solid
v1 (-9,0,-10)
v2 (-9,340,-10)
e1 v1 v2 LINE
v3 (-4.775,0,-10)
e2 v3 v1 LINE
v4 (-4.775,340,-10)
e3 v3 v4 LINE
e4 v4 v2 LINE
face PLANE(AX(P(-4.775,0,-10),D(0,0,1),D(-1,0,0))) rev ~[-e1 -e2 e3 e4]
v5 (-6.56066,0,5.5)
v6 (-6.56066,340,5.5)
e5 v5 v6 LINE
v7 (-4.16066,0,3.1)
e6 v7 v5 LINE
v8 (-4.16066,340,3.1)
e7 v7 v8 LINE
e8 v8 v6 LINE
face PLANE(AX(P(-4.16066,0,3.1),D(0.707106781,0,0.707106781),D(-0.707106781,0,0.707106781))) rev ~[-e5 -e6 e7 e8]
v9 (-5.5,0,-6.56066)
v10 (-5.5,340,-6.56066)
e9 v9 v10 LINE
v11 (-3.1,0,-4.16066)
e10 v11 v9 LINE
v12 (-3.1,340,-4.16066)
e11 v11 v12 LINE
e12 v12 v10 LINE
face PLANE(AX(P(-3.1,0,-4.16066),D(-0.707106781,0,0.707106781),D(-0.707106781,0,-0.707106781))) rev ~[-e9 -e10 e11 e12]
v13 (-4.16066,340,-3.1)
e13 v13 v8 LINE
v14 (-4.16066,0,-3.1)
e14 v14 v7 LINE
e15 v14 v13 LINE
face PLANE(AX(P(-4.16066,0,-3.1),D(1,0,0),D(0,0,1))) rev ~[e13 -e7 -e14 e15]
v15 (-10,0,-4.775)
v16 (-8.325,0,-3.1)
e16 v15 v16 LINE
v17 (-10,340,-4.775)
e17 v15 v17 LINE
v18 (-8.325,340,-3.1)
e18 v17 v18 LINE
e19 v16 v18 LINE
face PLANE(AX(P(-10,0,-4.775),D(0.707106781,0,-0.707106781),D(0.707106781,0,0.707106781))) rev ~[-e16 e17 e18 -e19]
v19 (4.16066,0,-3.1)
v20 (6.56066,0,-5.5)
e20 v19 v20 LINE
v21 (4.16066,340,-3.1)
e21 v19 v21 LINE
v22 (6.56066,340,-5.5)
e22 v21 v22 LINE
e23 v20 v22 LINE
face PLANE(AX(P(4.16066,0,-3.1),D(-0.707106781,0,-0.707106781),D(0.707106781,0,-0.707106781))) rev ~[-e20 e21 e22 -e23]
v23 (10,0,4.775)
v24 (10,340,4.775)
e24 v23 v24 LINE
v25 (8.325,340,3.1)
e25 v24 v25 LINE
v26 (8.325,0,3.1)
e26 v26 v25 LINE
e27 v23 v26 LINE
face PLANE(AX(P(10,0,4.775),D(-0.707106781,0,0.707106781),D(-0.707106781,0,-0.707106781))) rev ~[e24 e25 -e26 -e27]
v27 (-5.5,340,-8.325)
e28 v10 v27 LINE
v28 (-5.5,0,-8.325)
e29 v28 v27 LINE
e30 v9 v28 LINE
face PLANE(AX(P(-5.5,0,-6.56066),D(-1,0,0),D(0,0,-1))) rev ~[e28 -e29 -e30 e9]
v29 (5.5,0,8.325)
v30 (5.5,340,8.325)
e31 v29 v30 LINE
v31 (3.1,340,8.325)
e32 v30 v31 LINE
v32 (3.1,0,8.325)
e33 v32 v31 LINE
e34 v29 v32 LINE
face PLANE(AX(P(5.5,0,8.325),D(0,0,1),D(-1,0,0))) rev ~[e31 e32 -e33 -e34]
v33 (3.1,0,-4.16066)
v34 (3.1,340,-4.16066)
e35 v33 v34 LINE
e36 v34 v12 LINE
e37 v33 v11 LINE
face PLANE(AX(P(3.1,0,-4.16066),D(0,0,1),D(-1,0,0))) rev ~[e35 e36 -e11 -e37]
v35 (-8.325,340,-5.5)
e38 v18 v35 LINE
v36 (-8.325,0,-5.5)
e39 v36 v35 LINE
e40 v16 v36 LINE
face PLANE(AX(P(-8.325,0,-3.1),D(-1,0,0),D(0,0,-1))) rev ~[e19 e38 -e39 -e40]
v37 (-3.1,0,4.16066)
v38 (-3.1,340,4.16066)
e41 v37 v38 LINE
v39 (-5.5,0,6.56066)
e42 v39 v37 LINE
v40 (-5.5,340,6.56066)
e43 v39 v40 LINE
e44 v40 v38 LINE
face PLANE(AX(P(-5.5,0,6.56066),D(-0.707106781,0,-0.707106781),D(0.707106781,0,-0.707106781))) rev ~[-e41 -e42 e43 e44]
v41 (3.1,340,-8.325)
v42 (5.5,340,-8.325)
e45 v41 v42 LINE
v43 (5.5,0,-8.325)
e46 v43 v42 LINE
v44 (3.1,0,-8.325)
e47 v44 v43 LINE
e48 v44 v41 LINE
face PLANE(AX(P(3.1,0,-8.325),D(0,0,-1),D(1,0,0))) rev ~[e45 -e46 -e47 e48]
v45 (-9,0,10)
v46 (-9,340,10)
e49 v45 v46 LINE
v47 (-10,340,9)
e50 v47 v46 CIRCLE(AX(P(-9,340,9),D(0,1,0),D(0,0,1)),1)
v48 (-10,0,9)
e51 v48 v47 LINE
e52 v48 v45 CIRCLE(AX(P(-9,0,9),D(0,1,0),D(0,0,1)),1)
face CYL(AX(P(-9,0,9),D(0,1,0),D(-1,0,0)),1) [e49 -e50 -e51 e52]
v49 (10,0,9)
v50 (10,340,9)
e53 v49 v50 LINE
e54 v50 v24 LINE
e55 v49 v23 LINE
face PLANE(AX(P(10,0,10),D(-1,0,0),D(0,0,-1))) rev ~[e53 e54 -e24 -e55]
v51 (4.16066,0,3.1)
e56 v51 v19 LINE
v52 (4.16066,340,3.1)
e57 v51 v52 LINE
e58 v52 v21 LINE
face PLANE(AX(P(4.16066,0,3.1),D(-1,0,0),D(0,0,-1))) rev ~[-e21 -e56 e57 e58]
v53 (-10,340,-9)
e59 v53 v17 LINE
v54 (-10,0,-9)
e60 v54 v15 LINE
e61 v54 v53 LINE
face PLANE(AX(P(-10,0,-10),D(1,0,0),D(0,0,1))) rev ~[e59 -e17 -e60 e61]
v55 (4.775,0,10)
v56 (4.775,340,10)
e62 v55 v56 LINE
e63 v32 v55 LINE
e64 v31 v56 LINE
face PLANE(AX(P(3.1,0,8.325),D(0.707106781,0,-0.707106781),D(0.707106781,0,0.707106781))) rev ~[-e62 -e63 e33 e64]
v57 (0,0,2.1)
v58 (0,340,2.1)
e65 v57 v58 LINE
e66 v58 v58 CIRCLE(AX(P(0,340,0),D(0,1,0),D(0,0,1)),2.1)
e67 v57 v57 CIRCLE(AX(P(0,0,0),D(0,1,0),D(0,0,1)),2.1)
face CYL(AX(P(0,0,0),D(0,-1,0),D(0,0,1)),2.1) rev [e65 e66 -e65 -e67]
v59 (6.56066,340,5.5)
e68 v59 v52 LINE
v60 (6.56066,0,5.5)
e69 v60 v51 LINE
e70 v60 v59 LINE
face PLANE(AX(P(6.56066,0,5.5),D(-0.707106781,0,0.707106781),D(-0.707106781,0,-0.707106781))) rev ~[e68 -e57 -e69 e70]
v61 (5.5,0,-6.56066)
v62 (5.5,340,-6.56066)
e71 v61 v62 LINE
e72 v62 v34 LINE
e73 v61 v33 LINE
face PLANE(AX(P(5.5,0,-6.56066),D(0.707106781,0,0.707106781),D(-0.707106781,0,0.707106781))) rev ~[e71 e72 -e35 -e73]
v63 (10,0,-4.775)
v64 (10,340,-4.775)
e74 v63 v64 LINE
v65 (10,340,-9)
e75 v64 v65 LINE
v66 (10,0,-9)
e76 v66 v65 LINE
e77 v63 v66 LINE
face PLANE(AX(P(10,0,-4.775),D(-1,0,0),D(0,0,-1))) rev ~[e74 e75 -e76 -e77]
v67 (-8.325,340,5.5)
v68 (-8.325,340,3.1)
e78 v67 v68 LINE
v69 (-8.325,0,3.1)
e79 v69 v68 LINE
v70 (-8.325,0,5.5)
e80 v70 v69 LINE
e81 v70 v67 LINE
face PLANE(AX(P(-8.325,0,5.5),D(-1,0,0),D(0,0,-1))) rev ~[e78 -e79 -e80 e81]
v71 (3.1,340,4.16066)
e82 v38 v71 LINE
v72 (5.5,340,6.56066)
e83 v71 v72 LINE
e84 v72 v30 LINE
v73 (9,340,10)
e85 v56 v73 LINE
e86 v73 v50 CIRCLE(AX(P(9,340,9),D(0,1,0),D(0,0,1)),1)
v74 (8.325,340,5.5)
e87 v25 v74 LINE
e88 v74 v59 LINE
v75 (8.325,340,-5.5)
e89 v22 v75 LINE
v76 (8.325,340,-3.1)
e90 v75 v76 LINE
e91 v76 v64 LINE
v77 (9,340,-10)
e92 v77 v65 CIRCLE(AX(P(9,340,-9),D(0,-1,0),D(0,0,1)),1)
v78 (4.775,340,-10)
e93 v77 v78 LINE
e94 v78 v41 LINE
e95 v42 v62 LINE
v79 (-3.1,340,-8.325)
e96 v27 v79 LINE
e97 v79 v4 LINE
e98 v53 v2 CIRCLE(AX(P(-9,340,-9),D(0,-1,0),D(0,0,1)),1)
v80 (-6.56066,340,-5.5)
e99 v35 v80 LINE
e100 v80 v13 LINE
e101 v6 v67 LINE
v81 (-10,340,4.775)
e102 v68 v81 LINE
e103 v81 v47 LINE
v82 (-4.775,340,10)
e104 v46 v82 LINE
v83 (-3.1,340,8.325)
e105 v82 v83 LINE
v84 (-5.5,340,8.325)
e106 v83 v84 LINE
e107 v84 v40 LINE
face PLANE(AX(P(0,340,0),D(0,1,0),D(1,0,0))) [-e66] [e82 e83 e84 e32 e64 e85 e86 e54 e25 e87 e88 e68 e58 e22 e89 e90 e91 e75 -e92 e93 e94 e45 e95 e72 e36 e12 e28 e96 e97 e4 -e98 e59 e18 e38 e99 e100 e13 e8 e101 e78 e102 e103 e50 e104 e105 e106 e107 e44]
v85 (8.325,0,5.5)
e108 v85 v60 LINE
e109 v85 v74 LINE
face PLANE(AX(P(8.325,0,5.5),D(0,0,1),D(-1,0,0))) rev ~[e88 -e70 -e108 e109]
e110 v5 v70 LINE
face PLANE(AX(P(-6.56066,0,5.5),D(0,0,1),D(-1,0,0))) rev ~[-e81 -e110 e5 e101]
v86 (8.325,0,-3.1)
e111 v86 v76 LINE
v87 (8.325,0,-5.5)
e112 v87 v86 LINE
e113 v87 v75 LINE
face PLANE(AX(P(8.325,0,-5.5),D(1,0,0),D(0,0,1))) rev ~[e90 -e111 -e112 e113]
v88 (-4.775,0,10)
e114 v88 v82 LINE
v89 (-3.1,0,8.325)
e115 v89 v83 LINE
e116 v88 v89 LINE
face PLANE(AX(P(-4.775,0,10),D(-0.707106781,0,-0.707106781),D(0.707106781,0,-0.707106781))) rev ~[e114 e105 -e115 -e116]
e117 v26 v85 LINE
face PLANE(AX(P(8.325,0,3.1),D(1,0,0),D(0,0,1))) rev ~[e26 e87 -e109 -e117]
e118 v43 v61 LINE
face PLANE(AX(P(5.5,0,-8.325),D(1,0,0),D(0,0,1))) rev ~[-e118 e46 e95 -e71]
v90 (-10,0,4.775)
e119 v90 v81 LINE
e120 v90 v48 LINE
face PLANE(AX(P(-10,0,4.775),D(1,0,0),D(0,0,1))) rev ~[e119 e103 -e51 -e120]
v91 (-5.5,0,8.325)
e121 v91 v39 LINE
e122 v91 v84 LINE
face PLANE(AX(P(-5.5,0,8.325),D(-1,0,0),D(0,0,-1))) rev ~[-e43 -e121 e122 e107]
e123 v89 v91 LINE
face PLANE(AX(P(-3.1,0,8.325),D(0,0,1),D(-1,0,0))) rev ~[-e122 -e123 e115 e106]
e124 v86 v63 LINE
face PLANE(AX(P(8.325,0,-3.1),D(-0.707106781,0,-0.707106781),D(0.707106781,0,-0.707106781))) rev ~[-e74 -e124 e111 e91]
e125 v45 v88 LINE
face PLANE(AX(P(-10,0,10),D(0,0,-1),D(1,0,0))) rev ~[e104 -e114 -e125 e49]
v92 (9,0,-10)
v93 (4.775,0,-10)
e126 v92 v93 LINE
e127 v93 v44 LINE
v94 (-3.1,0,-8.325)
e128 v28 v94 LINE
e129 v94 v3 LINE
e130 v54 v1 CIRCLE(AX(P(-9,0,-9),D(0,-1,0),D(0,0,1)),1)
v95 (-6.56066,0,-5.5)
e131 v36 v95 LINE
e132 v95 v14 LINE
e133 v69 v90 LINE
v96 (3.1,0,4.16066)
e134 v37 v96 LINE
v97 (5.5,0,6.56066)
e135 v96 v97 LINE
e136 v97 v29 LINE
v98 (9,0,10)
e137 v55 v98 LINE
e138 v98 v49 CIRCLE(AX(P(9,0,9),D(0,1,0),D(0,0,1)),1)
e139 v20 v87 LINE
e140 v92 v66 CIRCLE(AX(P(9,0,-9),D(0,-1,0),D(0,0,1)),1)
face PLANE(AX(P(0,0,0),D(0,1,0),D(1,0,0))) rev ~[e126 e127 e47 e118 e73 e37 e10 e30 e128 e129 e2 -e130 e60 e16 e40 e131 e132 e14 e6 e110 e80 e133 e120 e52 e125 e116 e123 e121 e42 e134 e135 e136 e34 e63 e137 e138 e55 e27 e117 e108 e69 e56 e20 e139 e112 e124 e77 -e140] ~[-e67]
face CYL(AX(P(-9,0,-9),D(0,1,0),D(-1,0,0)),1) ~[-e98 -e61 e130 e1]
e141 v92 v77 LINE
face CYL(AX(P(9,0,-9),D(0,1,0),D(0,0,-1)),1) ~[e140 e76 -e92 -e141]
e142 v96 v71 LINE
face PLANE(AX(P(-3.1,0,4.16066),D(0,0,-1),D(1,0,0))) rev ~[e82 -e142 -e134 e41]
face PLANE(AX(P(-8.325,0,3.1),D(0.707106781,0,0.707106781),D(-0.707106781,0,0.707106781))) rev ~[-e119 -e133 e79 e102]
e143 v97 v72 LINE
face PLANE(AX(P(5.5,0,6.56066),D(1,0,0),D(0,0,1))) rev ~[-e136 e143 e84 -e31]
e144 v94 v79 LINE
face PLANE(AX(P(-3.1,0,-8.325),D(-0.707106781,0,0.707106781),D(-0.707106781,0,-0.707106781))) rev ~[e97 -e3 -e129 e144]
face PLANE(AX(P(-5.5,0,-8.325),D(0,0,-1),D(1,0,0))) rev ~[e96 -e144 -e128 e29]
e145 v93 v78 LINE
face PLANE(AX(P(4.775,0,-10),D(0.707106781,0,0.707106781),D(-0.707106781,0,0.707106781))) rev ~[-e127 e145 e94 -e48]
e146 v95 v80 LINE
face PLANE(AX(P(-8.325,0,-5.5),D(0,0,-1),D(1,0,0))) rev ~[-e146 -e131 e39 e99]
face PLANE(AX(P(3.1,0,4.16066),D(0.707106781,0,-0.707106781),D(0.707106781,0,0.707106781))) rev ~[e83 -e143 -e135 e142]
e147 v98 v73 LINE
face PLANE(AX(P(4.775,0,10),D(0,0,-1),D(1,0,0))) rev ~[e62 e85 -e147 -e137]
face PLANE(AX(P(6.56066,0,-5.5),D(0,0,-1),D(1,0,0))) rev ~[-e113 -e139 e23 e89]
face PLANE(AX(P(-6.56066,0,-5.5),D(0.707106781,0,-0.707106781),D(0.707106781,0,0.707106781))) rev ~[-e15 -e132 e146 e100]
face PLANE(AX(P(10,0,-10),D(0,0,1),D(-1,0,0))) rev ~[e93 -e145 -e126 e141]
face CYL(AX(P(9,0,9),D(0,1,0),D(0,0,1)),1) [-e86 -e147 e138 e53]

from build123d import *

# Parameters (mm, degrees)
MASTERLAYOUTSKETCH_R = 2.1
MAIN_EXTRUSION_DEPTH = 340
EDGE_FILLETS_R       = 1


with BuildPart() as part:
    # MasterLayoutSketch → Main Extrusion (new body)
    with BuildSketch(Plane(origin=(0, 0, 0), x_dir=(1, 0, 0), z_dir=(0, 1, 0))):
        Polygon((-8.325, 3.1), (-8.325, 5.5), (-6.560660172, 5.5), (-4.160660172, 3.1), (-4.160660172, -3.1), (-6.560660172, -5.5), (-8.325, -5.5), (-8.325, -3.1), (-10, -4.775), (-10, -10), (-4.775, -10), (-3.1, -8.325), (-5.5, -8.325), (-5.5, -6.560660172), (-3.1, -4.160660172), (3.1, -4.160660172), (5.5, -6.560660172), (5.5, -8.325), (3.1, -8.325), (4.775, -10), (10, -10), (10, -4.775), (8.325, -3.1), (8.325, -5.5), (6.560660172, -5.5), (4.160660172, -3.1), (4.160660172, 3.1), (6.560660172, 5.5), (8.325, 5.5), (8.325, 3.1), (10, 4.775), (10, 10), (4.775, 10), (3.1, 8.325), (5.5, 8.325), (5.5, 6.560660172), (3.1, 4.160660172), (-3.1, 4.160660172), (-5.5, 6.560660172), (-5.5, 8.325), (-3.1, 8.325), (-4.775, 10), (-10, 10), (-10, 4.775), align=None)
        with Locations(Location((0, 0, 0), (0, 0, 270))):
            Circle(MASTERLAYOUTSKETCH_R, mode=Mode.SUBTRACT)
    extrude(amount=MAIN_EXTRUSION_DEPTH)

    # Edge Fillets
    edge_fillets_edges = [part.edges().sort_by_distance(p)[0] for p in [
        (10, 170, -10),
        (10, 170, 10),
        (-10, 170, 10),
        (-10, 170, -10),
    ]]
    fillet(edge_fillets_edges, radius=EDGE_FILLETS_R)


solid = part.part
